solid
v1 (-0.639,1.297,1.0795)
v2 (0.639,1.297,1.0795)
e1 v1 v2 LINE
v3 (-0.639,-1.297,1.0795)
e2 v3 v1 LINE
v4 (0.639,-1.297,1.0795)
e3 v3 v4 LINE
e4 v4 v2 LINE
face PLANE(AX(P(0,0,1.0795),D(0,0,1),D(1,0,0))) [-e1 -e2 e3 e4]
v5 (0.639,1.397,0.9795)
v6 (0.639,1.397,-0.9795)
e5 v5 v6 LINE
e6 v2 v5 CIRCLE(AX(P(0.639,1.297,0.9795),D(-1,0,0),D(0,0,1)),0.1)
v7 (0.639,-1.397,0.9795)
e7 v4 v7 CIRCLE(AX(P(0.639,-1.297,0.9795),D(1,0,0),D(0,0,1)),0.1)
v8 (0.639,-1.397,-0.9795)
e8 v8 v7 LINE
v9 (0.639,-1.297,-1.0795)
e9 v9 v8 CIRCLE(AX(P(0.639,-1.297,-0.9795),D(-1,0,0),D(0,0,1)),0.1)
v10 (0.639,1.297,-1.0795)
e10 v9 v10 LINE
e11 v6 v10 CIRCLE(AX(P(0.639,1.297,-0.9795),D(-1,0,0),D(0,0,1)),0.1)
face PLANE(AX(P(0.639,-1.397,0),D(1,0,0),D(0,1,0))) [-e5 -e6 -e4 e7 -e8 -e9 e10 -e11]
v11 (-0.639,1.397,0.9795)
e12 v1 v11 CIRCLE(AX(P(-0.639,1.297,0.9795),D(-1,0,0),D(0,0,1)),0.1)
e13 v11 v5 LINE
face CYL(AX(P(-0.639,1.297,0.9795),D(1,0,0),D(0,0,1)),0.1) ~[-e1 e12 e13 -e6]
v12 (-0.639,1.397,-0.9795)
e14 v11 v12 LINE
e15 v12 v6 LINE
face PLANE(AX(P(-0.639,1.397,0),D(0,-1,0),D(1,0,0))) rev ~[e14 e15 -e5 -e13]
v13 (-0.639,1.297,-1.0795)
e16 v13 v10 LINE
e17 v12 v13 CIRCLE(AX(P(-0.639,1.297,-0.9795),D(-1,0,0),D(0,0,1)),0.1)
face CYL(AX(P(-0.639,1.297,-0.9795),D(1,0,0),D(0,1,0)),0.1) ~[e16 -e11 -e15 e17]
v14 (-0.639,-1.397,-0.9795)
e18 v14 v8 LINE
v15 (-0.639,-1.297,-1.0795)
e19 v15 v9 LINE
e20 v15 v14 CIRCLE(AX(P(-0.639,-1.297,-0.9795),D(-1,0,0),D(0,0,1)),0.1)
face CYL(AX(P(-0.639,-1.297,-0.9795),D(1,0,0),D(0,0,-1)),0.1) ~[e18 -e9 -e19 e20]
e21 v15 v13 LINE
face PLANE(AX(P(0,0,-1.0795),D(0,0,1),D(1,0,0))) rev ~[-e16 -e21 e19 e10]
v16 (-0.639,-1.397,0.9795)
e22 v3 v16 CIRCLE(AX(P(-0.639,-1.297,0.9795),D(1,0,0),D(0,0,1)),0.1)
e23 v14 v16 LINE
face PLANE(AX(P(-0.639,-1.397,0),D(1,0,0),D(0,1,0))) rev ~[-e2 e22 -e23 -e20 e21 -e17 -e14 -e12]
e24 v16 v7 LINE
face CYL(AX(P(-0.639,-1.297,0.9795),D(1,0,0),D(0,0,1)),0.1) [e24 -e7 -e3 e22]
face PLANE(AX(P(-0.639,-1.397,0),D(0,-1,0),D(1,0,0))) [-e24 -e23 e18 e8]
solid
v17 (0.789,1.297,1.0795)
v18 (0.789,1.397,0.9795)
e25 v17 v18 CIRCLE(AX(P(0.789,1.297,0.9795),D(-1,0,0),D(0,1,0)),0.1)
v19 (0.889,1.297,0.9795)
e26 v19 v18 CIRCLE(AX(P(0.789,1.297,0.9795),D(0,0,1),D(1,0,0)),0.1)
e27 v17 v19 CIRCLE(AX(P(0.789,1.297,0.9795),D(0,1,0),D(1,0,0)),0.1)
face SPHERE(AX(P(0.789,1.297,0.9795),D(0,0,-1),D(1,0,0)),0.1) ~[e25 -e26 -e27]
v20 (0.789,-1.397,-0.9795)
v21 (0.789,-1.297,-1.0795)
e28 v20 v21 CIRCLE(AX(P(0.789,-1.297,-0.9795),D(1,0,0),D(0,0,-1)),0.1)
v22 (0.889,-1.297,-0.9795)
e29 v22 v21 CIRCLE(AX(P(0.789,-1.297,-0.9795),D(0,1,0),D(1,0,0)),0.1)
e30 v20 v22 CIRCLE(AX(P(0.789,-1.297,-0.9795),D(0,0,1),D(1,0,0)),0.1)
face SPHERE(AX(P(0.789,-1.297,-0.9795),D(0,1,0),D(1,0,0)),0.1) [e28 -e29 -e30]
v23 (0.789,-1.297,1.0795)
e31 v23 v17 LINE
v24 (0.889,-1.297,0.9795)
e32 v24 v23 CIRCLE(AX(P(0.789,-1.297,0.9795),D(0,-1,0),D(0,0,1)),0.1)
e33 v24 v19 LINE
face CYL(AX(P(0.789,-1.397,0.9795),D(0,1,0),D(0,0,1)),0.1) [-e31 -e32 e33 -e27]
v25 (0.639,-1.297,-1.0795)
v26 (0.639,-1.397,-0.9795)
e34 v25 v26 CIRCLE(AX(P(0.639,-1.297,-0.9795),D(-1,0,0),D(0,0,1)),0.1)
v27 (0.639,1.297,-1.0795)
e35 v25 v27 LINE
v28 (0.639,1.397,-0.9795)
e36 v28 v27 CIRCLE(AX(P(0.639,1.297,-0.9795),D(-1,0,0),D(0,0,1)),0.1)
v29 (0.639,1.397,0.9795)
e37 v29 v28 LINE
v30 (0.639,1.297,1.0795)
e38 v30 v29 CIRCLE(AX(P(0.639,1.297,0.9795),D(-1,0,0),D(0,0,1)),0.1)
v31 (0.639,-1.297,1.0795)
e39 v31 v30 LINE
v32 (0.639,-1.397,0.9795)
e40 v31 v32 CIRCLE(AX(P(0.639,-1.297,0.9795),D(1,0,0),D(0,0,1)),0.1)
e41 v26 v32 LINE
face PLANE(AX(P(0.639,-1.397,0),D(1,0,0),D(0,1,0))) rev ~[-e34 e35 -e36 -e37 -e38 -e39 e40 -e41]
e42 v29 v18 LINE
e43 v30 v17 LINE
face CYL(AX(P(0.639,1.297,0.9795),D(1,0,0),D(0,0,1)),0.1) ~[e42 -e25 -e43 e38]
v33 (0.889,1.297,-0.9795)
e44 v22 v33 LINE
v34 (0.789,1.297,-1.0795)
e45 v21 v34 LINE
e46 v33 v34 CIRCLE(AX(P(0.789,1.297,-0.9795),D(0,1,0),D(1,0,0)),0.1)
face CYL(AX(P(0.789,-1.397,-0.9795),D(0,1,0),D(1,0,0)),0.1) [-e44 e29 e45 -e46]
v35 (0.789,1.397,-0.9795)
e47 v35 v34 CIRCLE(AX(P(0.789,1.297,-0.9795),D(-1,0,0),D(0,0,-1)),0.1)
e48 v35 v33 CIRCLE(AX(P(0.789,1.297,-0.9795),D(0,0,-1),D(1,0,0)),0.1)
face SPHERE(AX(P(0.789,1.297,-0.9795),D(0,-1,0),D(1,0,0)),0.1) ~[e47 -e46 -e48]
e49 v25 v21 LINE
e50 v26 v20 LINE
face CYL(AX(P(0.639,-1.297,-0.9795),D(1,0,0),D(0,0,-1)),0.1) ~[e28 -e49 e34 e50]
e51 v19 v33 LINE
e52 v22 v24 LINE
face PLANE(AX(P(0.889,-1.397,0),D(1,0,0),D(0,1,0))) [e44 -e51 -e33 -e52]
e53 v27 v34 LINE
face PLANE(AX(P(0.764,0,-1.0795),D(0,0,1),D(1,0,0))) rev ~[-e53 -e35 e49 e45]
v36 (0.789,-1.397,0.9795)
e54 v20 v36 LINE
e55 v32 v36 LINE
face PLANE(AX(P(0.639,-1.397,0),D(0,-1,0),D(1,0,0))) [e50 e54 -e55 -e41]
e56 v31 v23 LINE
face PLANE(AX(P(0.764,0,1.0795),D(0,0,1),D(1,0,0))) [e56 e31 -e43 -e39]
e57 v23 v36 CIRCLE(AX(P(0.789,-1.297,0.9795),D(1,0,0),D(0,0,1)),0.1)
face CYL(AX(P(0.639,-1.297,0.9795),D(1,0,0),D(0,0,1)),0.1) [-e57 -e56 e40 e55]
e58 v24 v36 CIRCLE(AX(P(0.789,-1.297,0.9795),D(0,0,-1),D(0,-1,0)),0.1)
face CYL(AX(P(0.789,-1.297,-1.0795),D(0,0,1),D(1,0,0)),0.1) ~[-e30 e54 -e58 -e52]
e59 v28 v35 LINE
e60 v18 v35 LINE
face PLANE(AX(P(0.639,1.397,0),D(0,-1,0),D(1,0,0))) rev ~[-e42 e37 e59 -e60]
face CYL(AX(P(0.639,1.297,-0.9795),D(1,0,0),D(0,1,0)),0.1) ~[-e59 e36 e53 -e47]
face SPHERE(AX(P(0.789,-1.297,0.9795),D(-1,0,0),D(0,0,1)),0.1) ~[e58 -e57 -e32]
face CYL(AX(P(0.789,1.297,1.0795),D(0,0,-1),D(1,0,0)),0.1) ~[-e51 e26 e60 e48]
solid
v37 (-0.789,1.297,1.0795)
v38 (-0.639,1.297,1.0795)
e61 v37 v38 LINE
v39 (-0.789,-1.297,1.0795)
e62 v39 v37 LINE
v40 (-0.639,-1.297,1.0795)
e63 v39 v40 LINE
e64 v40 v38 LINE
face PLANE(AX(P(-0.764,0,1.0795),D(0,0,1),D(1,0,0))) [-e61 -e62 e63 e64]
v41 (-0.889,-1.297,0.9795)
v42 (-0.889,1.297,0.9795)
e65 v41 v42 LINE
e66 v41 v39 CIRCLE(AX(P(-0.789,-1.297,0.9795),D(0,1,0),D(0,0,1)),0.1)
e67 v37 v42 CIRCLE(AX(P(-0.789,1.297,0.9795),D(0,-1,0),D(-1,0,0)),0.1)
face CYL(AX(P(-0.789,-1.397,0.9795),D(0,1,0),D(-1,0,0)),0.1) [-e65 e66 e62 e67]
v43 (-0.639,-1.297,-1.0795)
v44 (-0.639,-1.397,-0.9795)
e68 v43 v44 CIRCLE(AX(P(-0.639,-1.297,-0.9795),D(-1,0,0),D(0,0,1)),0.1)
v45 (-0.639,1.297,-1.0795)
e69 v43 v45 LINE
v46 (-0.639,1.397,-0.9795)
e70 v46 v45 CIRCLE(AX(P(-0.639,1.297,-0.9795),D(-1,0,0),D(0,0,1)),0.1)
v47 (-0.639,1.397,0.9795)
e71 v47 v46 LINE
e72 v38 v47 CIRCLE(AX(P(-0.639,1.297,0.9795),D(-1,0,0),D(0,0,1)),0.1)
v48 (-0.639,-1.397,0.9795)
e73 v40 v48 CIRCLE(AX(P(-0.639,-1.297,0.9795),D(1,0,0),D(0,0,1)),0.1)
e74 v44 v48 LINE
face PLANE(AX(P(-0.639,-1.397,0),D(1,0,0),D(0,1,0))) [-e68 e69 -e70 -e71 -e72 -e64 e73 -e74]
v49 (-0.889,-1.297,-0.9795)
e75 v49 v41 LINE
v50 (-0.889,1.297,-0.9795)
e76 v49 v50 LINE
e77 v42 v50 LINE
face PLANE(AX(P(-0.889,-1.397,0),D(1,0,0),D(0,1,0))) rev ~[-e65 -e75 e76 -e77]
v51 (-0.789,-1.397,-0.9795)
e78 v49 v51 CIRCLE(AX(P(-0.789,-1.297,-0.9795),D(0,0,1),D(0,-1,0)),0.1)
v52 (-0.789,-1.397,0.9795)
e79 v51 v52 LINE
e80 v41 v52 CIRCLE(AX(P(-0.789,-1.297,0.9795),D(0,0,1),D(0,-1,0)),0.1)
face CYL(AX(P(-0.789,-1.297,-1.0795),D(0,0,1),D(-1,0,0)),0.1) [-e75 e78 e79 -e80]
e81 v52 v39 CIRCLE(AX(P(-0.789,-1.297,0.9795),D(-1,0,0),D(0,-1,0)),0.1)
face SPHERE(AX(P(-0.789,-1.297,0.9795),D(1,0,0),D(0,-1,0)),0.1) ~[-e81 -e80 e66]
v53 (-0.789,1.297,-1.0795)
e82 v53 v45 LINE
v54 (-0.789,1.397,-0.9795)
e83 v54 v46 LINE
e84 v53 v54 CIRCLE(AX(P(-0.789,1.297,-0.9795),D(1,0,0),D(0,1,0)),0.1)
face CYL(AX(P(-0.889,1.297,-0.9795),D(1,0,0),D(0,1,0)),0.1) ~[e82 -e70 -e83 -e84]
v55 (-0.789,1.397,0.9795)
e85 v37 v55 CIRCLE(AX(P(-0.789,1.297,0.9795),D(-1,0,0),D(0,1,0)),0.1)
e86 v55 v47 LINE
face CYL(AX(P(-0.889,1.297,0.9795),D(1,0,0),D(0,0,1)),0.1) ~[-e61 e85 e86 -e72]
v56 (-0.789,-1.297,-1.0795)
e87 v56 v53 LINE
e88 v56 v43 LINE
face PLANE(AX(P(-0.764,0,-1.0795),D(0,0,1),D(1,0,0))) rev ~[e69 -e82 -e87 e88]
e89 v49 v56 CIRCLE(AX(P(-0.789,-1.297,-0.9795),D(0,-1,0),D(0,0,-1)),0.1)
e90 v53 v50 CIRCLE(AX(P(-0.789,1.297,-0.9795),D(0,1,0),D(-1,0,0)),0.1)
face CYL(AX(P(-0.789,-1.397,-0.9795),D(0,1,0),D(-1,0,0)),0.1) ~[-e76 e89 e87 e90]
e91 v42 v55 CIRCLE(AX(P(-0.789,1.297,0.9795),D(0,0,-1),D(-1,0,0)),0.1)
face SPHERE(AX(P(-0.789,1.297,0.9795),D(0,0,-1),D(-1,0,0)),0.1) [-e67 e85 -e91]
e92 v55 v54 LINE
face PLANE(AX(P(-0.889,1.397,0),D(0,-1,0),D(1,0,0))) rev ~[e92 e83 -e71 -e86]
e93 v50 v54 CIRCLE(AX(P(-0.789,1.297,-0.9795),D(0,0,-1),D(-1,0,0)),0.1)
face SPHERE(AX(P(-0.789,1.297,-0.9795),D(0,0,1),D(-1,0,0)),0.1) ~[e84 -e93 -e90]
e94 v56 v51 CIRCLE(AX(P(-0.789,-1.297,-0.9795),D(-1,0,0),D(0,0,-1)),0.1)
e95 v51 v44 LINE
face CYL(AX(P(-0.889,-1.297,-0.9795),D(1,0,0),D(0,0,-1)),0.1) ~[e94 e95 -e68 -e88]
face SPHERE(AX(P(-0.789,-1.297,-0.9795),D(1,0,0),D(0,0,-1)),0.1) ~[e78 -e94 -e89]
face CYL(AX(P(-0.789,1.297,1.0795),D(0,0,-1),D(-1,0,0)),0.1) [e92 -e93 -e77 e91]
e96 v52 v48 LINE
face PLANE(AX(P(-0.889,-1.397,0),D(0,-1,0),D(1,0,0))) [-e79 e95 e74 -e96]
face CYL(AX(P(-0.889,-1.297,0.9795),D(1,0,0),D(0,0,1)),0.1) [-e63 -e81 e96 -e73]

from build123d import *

# Parameters (mm, degrees)
F2_W     = 1.278
F2_H     = 2.794
F3_DEPTH = 1.0795
F2_W_2   = 0.25
F4_DEPTH = 1.0795
F5_DEPTH = 1.0795
F6_R     = 0.1
F6_2_R   = 0.1
F6_3_R   = 0.1


with BuildPart() as f3:
    # F2 (on Top) → F3 (new body, symmetric)
    with BuildSketch(Plane.XY):
        Rectangle(F2_W, F2_H)
    extrude(amount=F3_DEPTH, both=True)

    # F6#2
    f6_2_edges = [f3.edges().sort_by_distance(p)[0] for p in [
        (0, -1.397, 1.0795),
        (0, -1.397, -1.0795),
        (0, 1.397, 1.0795),
        (0, 1.397, -1.0795),
    ]]
    fillet(f6_2_edges, radius=F6_2_R)


with BuildPart() as f4:
    # F2 (on Top) → F4 (new body, symmetric)
    with BuildSketch(Plane.XY):
        with Locations((-0.764, 0)):
            Rectangle(F2_W_2, F2_H)
    extrude(amount=F4_DEPTH, both=True)

    # F6
    f6_edges = [f4.edges().sort_by_distance(p)[0] for p in [
        (-0.764, -1.397, 1.0795),
        (-0.764, -1.397, -1.0795),
        (-0.889, 1.397, 0),
        (-0.889, 0, -1.0795),
        (-0.889, -1.397, 0),
        (-0.889, 0, 1.0795),
        (-0.764, 1.397, -1.0795),
        (-0.764, 1.397, 1.0795),
    ]]
    fillet(f6_edges, radius=F6_R)


with BuildPart() as f5:
    # F2 (on Top) → F5 (new body, symmetric)
    with BuildSketch(Plane.XY):
        with Locations((0.764, 0)):
            Rectangle(F2_W_2, F2_H)
    extrude(amount=F5_DEPTH, both=True)

    # F6#3
    f6_3_edges = [f5.edges().sort_by_distance(p)[0] for p in [
        (0.764, -1.397, 1.0795),
        (0.889, 0, -1.0795),
        (0.889, 1.397, 0),
        (0.889, 0, 1.0795),
        (0.889, -1.397, 0),
        (0.764, -1.397, -1.0795),
        (0.764, 1.397, 1.0795),
        (0.764, 1.397, -1.0795),
    ]]
    fillet(f6_3_edges, radius=F6_3_R)


solid = Compound([f3.part, f4.part, f5.part])
